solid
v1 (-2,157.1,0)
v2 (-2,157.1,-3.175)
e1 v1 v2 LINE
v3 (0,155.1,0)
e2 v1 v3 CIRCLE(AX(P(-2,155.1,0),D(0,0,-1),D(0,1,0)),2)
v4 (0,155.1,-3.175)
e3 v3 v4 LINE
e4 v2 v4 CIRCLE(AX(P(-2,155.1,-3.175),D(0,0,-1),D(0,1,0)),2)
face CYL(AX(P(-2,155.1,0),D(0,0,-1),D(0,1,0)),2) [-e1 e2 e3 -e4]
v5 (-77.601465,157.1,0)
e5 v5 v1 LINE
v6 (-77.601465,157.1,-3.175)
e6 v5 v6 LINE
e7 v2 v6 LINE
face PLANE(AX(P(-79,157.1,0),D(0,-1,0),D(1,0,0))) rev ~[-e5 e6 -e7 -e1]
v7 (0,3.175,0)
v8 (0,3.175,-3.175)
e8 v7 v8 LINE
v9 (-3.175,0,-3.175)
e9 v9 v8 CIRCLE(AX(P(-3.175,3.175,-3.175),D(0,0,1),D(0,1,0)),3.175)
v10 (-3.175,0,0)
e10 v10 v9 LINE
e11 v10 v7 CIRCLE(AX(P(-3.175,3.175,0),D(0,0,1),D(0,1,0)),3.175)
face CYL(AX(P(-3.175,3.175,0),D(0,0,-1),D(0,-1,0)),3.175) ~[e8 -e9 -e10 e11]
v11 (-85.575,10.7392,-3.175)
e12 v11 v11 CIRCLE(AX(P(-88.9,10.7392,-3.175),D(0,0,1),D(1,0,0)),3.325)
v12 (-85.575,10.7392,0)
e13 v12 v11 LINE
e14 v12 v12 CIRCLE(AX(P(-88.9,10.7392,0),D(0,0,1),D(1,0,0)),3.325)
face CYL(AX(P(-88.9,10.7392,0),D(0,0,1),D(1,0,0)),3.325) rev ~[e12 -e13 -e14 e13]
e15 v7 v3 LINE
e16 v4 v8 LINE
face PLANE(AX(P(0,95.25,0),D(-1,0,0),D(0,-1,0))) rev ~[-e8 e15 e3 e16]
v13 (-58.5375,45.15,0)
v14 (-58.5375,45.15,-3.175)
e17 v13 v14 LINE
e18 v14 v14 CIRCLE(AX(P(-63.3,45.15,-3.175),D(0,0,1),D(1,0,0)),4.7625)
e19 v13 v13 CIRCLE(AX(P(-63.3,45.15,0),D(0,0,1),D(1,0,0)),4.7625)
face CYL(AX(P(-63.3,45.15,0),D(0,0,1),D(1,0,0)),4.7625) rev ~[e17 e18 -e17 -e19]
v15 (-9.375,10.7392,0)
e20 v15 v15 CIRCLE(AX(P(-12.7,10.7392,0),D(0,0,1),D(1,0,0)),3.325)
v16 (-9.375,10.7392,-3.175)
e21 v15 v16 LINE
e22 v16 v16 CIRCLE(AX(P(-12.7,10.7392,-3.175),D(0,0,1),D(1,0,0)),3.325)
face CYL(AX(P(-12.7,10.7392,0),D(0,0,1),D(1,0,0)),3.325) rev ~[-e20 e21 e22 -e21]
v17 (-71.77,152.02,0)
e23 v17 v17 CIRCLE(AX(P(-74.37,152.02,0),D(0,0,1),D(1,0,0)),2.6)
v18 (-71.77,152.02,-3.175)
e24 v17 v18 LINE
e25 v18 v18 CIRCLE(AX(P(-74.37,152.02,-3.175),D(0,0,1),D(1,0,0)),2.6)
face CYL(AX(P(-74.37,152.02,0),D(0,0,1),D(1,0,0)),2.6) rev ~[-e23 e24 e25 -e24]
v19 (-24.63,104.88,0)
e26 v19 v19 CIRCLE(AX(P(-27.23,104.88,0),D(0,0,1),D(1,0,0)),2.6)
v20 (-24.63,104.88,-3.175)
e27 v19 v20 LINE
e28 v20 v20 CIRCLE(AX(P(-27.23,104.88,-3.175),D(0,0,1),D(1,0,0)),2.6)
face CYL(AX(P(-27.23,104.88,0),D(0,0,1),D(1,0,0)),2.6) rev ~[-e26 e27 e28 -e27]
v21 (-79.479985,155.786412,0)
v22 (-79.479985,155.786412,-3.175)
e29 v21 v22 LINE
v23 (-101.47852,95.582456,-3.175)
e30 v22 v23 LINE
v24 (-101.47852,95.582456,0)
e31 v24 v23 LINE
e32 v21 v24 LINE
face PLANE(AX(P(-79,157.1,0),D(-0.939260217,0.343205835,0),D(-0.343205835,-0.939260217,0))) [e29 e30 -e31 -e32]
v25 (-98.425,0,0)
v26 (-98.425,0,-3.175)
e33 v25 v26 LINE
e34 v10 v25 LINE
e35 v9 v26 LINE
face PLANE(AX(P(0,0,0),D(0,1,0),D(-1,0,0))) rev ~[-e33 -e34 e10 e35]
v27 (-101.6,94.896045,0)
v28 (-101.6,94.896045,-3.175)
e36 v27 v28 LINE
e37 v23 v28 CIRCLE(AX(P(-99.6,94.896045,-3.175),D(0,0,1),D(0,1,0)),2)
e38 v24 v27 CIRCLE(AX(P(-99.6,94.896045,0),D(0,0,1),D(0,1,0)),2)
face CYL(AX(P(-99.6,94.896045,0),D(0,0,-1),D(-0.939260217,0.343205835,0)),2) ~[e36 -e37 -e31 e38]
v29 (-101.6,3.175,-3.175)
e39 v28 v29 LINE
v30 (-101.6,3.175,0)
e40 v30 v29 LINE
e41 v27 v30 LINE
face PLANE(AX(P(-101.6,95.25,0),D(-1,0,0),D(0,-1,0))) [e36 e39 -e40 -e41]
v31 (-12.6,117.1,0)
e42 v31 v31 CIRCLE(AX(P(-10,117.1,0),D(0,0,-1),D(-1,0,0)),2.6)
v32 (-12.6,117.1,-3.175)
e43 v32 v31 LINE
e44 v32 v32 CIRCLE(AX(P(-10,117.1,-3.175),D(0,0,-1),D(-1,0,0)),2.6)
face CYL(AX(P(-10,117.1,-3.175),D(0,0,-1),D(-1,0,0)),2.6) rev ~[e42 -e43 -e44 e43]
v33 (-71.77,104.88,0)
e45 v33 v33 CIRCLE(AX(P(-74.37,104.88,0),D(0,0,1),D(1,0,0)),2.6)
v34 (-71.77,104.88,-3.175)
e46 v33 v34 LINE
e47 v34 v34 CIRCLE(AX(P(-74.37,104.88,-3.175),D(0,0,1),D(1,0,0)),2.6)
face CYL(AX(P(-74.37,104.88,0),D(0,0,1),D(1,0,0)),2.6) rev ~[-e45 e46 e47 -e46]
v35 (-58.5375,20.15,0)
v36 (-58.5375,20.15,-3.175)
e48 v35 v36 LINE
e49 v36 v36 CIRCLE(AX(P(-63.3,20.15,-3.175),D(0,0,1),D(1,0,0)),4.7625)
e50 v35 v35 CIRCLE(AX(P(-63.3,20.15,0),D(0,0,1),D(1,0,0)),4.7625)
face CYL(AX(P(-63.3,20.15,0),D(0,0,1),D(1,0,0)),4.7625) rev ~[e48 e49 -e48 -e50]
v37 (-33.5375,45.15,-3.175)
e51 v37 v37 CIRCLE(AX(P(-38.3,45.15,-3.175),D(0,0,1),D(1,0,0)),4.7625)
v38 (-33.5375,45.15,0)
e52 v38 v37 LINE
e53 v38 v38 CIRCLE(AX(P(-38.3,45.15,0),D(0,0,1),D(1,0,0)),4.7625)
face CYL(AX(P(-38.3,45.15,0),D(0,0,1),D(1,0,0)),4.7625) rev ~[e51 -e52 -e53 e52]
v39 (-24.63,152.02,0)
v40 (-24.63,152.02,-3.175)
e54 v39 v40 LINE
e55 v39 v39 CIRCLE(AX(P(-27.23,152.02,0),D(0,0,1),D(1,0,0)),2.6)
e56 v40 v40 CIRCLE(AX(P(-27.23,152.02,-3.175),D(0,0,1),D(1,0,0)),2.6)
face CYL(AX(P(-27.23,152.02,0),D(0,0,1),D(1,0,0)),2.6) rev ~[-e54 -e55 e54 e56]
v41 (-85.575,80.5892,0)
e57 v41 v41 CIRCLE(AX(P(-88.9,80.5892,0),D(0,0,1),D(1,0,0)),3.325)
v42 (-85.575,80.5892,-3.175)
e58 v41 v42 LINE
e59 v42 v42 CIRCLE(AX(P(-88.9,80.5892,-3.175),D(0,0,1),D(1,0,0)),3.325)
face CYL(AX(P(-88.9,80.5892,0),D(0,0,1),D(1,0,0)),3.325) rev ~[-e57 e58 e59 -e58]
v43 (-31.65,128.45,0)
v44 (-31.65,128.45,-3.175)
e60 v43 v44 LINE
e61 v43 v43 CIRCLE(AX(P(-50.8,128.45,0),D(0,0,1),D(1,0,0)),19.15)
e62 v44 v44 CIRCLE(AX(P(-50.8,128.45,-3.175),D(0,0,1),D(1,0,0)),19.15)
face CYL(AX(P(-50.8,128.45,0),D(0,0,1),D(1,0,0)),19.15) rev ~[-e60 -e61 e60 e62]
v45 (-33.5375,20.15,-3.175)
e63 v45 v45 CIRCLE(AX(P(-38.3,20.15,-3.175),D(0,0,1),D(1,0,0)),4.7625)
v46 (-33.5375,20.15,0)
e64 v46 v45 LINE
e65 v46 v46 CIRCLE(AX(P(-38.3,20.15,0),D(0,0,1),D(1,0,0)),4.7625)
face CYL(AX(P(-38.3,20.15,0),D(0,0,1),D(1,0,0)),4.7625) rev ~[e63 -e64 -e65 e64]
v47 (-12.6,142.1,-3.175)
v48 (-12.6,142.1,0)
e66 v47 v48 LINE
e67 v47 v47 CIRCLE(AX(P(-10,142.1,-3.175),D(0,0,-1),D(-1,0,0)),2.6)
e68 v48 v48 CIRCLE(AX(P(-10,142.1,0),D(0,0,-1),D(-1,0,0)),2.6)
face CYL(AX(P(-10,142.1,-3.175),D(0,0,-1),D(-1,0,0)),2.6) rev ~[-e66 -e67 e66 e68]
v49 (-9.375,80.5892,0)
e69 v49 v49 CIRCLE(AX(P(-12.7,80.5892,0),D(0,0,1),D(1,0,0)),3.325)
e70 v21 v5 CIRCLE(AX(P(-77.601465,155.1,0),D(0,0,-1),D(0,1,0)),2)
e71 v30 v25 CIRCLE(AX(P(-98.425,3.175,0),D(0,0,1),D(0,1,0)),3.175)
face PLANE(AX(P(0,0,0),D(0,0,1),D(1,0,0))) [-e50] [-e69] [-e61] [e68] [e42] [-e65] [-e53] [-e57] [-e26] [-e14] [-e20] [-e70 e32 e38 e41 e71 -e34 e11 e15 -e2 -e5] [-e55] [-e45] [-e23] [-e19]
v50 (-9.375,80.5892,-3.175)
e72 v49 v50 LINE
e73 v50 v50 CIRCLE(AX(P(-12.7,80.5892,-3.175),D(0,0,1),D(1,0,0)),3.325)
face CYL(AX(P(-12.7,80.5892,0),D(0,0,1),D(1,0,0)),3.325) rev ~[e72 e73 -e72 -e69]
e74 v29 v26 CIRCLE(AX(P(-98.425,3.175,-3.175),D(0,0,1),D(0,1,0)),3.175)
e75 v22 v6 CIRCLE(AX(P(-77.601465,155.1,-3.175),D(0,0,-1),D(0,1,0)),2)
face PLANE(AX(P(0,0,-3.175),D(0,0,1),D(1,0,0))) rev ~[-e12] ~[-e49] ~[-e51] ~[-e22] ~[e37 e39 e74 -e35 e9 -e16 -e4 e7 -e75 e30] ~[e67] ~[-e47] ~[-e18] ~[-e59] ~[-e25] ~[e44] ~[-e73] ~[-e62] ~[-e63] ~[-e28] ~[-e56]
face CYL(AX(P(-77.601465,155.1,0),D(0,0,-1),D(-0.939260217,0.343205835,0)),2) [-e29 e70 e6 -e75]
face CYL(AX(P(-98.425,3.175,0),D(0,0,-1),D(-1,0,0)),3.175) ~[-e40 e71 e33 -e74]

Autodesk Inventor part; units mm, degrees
ref_plane "YZ Plane" through (0, 0, 0) normal (1, 0, 0) x (0, 1, 0)
ref_plane "XZ Plane" through (0, 0, 0) normal (0, 1, 0) x (-1, 0, 0)
ref_plane "XY Plane" through (0, 0, 0) normal (0, 0, 1) x (1, 0, 0)
sketch "Sketch1" plane through (0, 0, 0) normal (0, 0, 1) x (1, 0, 0)
  line L0 (-88.9, 80.5892) -> (-12.7, 80.5892) construction
  line L1 (-12.7, 80.5892) -> (-12.7, 10.7392) construction
  line L2 (-12.7, 10.7392) -> (-88.9, 10.7392) construction
  line L3 (-88.9, 10.7392) -> (-88.9, 80.5892) construction
  line L4 (-88.9, 80.5892) -> (-88.9, 97.6783) construction
  line L5 (-88.9, 80.5892) -> (-101.6, 80.5892) construction
  line L6 (-101.6, 95.25) -> (-101.6, -6.35)
  line L7 (-12.7, 10.7392) -> (-12.7, -6.35) construction
  line L8 (0, -6.35) -> (-101.6, -6.35)
  line L9 (-12.7, 10.7392) -> (0, 10.7392) construction
  line L10 (0, 95.25) -> (0, -6.35)
  circle A0 centre (-12.7, 80.5892) radius 3.325
  circle A1 centre (-12.7, 10.7392) radius 3.325
  circle A2 centre (-88.9, 10.7392) radius 3.325
  circle A3 centre (-88.9, 80.5892) radius 3.325
  circle A4 centre (-63.3, 45.15) radius 2.1 construction
  circle A5 centre (-63.3, 20.15) radius 2.1 construction
  circle A6 centre (-38.3, 45.15) radius 2.1 construction
  circle A7 centre (-38.3, 20.15) radius 2.1 construction
  circle A8 centre (-63.3, 45.15) radius 4.7625
  circle A9 centre (-38.3, 45.15) radius 2.1 construction
  circle A10 centre (-38.3, 45.15) radius 4.7625
  circle A11 centre (-63.3, 20.15) radius 2.1 construction
  circle A12 centre (-63.3, 20.15) radius 4.7625
  circle A13 centre (-38.3, 20.15) radius 2.1 construction
  circle A14 centre (-38.3, 20.15) radius 4.7625
  line L11 (0, 95.25) -> (-101.6, 95.25) construction
  line L12 (-22.6, 156.65) -> (-79, 156.65) construction
  line L13 (-79, 156.65) -> (-79, 100.25) construction
  line L14 (-79, 100.25) -> (-22.6, 100.25) construction
  line L15 (-22.6, 100.25) -> (-22.6, 156.65) construction
  line L16 (-22.6, 128.45) -> (-79, 128.45) construction
  line L17 (-113.7839, 128.45) -> (12.1839, 128.45) construction
  line L18 (-27.23, 152.02) -> (-74.37, 152.02) construction
  line L19 (-74.37, 152.02) -> (-74.37, 104.88) construction
  line L20 (-74.37, 104.88) -> (-27.23, 104.88) construction
  line L21 (-27.23, 104.88) -> (-27.23, 152.02) construction
  line L22 (-27.23, 152.02) -> (-22.6, 152.02) construction
  line L23 (-27.23, 152.02) -> (-27.23, 156.65) construction
  line L24 (-74.37, 104.88) -> (-79, 104.88) construction
  line L25 (-74.37, 104.88) -> (-74.37, 100.25) construction
  circle A15 centre (-27.23, 152.02) radius 2.6
  circle A16 centre (-27.23, 104.88) radius 2.6
  circle A17 centre (-74.37, 104.88) radius 2.6
  circle A18 centre (-74.37, 152.02) radius 2.6
  circle A19 centre (-50.8, 128.45) radius 19.15
  circle A20 centre (-50.8, 128.45) radius 11.08 construction
  circle A21 centre (-50.8, 128.45) radius 13 construction
  line L26 (-50.8, -6.35) -> (-50.8, 203.8417) construction
  circle A22 centre (-74.37, 104.88) radius 13 construction
  circle A23 centre (-27.23, 104.88) radius 13 construction
  circle A24 centre (-74.37, 104.88) radius 11.08 construction
  circle A25 centre (-27.23, 104.88) radius 11.08 construction
  line L27 (-79, 157.1) -> (-101.6, 95.25)
  line L28 (0, 95.25) -> (-22.6, 157.1)
  line L29 (0, 0) -> (-101.6, 0)
  line L30 (-79, 157.1) -> (-22.6, 157.1)
  line L31 (-63.3, 45.15) -> (-38.3, 45.15) construction
  line L32 (-38.3, 45.15) -> (-38.3, 20.15) construction
  line L33 (-38.3, 20.15) -> (-63.3, 20.15) construction
  line L34 (-63.3, 20.15) -> (-63.3, 45.15) construction
  line L35 (0, 95.25) -> (0, 157.1)
  line L36 (0, 157.1) -> (-22.6, 157.1)
  point P0 (-39.7703, 127.3952)
  point P1 (-39.7703, 127.3951)
  point P2 (-50.8, 128.45)
  dimension "d0" = 6.65
  dimension "d1" = 6.65
  dimension "d2" = 6.65
  dimension "d3" = 6.65
  dimension "d4" = 69.85
  dimension "d5" = 76.2
  dimension "d6" = 9.525
  dimension "d7" = 9.525
  dimension "d8" = 9.525
  dimension "d9" = 9.525
  dimension "d10" = 101.6
  dimension "d12" = 56.4
  dimension "d13" = 56.4
  dimension "d14" = 0
  dimension "d15" = 47.14
  dimension "d16" = 47.14
  dimension "d17" = 5.2
  dimension "d18" = 5.2
  dimension "d19" = 5.2
  dimension "d20" = 5.2
  dimension "d21" = 38.3
  dimension "d22" = 22.16
  dimension "d23" = 26
  dimension "d24" = 28.2
  dimension "d25" = 50.8
  dimension "d26" = 5
  dimension "d27" = 95.25
  dimension "d28" = 26
  dimension "d29" = 26
  dimension "d30" = 22.16
  dimension "d31" = 22.16
  dimension "d34" = 0.45
  dimension "d36" = 25
  dimension "d37" = 25
  dimension "d38" = 26.5
extrude "Extrusion1" add sketch "Sketch1" against normal blind 3.175 contours L27 L30 L28 L10 L29 L6 | L36 L35 L28
fillet "Fillet1" radius 2 3 edges at (-79, 157.1, -1.5875) (-101.6, 95.25, -1.5875) (0, 157.1, -1.5875)
sketch "Sketch2" plane through (0, 0, -3.175) normal (0, 0, -1) x (-1, 0, 0)
  line L0 (0, 157.1) -> (20, 157.1) construction
  line L1 (20, 157.1) -> (20, 102.1) construction
  line L2 (20, 102.1) -> (0, 102.1) construction
  line L3 (0, 102.1) -> (0, 157.1) construction
  line L4 (77.6015, 157.1) -> (2, 157.1) construction
  line L5 (0, 155.1) -> (0, 0) construction
  line L6 (10, 102.1) -> (10, 157.1) construction
  line L7 (2, 157.1) -> (77.6015, 157.1) construction
  circle A0 centre (10, 142.1) radius 2.6
  circle A1 centre (10, 117.1) radius 2.6
  dimension "d39" = 20
  dimension "d40" = 55
  dimension "d41" = 5.2
  dimension "d42" = 5.2
  dimension "d43" = 15
  dimension "d44" = 15
extrude "Extrusion2" cut sketch "Sketch2" against normal up to next
fillet "Fillet2" radius 3.175 2 edges at (0, 0, -1.5875) (-101.6, 0, -1.5875)
equation "\"d0\" = d3"
equation "\"d1\" = d3"
equation "\"d2\" = d3"
equation "\"d7\" = d6"
equation "\"d8\" = d6"
equation "\"d9\" = d6"
equation "\"d16\" = d15"
equation "\"d18\" = d17"
equation "\"d19\" = d17"
equation "\"d20\" = d17"
equation "\"d24\" = 0.5 * d12"
equation "\"d44\" = d43"
properties part number "X Axis Belt Motor Frame Machined"
